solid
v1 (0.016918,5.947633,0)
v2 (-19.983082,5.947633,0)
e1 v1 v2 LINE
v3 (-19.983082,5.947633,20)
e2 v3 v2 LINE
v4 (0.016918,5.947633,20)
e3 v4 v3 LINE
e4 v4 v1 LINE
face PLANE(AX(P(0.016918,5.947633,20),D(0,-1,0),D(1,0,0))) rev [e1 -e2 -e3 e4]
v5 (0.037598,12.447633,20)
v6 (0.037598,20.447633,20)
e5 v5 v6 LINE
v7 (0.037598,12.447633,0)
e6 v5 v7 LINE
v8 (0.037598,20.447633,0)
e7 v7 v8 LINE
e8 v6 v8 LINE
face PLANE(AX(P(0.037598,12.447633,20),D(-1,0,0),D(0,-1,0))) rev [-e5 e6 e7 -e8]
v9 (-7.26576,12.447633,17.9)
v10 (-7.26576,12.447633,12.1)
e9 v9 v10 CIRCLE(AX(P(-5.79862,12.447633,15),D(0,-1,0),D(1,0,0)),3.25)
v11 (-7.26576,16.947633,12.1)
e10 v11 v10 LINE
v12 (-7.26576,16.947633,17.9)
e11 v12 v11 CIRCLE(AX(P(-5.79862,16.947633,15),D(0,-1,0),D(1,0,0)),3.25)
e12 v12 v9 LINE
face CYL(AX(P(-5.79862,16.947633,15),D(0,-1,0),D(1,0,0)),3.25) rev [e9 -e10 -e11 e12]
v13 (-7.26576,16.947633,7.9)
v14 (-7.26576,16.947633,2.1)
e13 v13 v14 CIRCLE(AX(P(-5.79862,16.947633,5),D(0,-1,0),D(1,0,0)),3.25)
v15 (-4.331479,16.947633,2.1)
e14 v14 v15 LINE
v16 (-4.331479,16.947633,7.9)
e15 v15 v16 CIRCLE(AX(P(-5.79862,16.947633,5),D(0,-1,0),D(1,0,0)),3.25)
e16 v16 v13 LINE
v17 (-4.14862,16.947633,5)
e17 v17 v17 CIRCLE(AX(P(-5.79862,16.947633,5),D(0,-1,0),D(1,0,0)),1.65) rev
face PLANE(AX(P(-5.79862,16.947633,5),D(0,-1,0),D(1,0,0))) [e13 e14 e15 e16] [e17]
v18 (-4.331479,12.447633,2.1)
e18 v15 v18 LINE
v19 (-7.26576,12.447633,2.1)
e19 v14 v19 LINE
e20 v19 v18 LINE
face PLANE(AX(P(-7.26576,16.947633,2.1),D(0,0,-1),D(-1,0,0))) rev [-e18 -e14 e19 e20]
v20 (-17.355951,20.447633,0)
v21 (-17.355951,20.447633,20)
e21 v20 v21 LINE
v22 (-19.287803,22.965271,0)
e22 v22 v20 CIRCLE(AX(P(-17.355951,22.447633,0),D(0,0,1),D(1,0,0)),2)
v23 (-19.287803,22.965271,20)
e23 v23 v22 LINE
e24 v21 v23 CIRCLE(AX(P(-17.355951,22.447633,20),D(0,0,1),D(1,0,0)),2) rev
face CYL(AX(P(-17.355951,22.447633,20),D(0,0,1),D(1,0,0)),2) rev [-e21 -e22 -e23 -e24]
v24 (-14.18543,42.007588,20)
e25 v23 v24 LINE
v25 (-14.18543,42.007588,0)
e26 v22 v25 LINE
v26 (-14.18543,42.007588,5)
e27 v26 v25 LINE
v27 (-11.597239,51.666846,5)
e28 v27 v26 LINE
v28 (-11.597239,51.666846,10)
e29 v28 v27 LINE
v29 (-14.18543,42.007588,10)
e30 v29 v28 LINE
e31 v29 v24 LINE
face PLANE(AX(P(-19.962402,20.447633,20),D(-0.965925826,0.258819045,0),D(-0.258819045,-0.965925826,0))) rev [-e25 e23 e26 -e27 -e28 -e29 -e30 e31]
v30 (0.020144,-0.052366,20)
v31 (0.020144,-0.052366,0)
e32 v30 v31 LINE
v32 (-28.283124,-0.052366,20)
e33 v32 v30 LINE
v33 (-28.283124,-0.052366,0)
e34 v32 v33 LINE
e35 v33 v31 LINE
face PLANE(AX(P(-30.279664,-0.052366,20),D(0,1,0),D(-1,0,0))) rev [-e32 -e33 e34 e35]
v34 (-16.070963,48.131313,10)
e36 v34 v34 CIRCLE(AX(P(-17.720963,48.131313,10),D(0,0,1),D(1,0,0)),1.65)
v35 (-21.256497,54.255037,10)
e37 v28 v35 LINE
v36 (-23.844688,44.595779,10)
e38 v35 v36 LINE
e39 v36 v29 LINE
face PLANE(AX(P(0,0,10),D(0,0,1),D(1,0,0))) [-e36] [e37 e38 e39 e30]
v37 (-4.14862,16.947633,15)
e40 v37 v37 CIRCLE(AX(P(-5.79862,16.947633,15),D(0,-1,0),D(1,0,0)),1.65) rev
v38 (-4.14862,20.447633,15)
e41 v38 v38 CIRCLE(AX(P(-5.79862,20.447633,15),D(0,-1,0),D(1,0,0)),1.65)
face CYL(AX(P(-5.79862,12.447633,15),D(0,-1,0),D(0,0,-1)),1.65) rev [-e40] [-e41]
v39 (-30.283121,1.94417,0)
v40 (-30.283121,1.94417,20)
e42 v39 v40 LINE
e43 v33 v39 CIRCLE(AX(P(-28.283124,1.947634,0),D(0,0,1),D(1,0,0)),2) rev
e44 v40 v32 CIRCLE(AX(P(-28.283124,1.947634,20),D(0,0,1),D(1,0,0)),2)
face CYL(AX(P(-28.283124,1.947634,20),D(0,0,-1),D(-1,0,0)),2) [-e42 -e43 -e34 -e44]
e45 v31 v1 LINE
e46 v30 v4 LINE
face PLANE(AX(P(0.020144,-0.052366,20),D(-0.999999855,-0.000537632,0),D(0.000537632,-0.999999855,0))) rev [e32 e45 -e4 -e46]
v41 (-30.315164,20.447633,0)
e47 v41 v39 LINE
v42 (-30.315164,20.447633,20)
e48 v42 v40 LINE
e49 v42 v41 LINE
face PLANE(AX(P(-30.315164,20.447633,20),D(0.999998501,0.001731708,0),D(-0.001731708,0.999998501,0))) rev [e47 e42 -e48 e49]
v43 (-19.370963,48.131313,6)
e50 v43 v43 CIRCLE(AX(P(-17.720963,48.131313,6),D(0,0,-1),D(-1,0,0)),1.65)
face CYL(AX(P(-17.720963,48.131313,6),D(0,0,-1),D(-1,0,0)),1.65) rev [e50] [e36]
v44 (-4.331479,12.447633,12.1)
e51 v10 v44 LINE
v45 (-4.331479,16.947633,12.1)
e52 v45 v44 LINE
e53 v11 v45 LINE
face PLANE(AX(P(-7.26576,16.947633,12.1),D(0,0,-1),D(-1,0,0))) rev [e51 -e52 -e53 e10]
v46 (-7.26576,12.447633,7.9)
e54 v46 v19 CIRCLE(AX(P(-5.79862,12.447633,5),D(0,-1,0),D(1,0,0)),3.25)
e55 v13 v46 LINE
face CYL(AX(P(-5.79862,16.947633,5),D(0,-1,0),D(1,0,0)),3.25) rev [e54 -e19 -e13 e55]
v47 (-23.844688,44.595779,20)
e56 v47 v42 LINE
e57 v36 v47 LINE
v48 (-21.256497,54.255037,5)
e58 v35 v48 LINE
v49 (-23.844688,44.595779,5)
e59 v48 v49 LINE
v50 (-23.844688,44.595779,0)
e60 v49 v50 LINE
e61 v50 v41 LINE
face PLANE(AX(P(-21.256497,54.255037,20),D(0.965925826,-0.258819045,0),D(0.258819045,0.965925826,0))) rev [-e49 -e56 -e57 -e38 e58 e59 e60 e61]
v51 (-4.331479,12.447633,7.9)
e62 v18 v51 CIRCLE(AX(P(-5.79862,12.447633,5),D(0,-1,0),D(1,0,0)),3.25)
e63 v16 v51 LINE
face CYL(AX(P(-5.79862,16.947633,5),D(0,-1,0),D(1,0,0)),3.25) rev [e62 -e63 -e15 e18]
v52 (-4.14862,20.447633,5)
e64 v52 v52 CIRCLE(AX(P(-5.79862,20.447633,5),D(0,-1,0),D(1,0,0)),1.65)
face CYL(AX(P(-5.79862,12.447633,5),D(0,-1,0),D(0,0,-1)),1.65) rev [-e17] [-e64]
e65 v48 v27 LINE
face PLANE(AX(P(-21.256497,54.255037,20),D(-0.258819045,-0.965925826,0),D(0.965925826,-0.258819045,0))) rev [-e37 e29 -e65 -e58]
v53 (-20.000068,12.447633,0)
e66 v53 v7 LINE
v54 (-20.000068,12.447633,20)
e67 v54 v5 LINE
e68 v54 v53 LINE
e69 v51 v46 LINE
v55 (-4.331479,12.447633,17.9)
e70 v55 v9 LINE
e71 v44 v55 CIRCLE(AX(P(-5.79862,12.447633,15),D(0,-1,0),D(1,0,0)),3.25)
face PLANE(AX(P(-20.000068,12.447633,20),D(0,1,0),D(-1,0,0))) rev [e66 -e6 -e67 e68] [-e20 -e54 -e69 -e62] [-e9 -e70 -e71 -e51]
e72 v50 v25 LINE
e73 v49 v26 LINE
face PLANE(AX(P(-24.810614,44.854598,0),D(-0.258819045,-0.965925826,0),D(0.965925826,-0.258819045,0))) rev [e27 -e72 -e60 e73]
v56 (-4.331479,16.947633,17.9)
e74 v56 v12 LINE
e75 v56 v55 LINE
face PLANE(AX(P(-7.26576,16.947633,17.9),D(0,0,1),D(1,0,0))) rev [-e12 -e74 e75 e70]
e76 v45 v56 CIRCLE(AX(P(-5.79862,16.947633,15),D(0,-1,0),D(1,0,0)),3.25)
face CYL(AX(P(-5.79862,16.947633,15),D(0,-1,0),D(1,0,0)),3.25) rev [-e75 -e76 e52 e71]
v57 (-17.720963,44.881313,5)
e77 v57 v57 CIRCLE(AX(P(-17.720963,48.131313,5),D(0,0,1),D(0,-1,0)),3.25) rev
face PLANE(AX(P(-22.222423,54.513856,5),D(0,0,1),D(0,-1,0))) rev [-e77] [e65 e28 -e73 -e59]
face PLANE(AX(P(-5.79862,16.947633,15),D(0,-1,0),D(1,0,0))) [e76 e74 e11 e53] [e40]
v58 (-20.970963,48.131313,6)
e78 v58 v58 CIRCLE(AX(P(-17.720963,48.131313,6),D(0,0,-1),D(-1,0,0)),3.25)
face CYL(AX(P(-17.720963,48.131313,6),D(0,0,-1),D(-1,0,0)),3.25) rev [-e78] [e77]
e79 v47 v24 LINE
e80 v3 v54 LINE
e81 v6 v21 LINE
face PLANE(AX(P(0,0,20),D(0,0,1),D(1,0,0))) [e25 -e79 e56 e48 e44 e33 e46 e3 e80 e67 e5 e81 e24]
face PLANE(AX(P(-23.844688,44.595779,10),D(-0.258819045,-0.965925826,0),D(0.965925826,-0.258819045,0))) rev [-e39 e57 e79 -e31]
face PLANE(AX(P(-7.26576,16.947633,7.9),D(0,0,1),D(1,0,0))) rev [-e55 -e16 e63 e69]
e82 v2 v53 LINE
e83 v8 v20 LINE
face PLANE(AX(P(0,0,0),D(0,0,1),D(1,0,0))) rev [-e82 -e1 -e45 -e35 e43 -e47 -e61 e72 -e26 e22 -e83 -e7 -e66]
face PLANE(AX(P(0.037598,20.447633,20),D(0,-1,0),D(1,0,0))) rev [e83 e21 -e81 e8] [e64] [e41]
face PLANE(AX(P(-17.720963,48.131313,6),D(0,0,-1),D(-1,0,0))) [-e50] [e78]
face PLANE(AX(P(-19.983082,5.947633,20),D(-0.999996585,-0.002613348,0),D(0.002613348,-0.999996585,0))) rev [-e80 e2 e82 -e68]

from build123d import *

# Parameters (mm, degrees)
EXTRUDE_1_DEPTH             = 20
FILLET_1_R                  = 2
FILLET_2_R                  = 2
CUT_EXTRUDE_2_DEPTH         = 10
SKETCH_34_R                 = 3.25
CUT_EXTRUDE_3_DEPTH         = 6
HOLE_WIZARD_M4_2_D          = 3.3
HOLE_WIZARD_M4_2_DEPTH      = 4
SKETCH_38_W                 = 5
SKETCH_38_H                 = 10
CUT_EXTRUDE_4_DEPTH         = 11
SKETCH_40_W                 = 1.65
SKETCH_40_H                 = 8
HOLE_WIZARD_M4_3_AT_2_COUNT = 2
HOLE_WIZARD_M4_3_AT_2_PITCH = 10
CUT_EXTRUDE_5_DEPTH         = 4.5


with BuildPart() as part:
    # 草图1 → 凸台-拉伸1 (new body)
    with BuildSketch(Plane.XY):
        Polygon((0.020144186, -0.052366179), (0.016918395, 5.947632954), (-19.983081605, 5.947632954), (-20.000068427, 12.447632954), (0.03759791, 12.447632954), (0.03759791, 20.447632954), (-19.96240209, 20.447632954), (-11.597239053, 51.666846423), (-21.256497316, 54.255036874), (-30.315163894, 20.447632954), (-30.279663837, -0.052366179), align=None)
    extrude(amount=EXTRUDE_1_DEPTH)

    # 圆角1
    fillet_1_edges = [part.edges().sort_by_distance(p)[0] for p in [
        (-19.96240209, 20.447632954, 10),
    ]]
    fillet(fillet_1_edges, radius=FILLET_1_R)

    # 圆角2
    fillet_2_edges = [part.edges().sort_by_distance(p)[0] for p in [
        (-30.279663837, -0.052366179, 10),
    ]]
    fillet(fillet_2_edges, radius=FILLET_2_R)

    # 草图33 → 切除-拉伸2 (cut)
    with BuildSketch(Plane.XY.offset(20)):
        Polygon((-21.256497316, 54.255036874), (-11.597239053, 51.666846423), (-14.185429504, 42.00758816), (-23.844687767, 44.595778611), align=None)
    extrude(amount=-CUT_EXTRUDE_2_DEPTH, mode=Mode.SUBTRACT)

    # 草图34 → 切除-拉伸3 (cut)
    with BuildSketch(Plane(origin=(0, 0, 0), x_dir=(-1, 0, 0), z_dir=(0, 0, -1))):
        with Locations((17.72096341, 48.131312517)):
            Circle(SKETCH_34_R)
    extrude(amount=-CUT_EXTRUDE_3_DEPTH, mode=Mode.SUBTRACT)

    # M4 螺纹孔的螺纹孔钻头2
    with Locations(Plane(origin=(0, 0, 6), x_dir=(-1, 0, 0), z_dir=(0, 0, -1))):
        with Locations((17.72096341, 48.131312517)):
            Hole(HOLE_WIZARD_M4_2_D / 2, depth=HOLE_WIZARD_M4_2_DEPTH)

    # 草图38 → 切除-拉伸4 (cut)
    with BuildSketch(Plane(origin=(-23.737082949, 6.360332207, 0), x_dir=(0, 0, -1), z_dir=(0.965925826, -0.258819045, 0))):
        with Locations((-2.5, 41.904754985)):
            Rectangle(SKETCH_38_W, SKETCH_38_H)
    extrude(amount=-CUT_EXTRUDE_4_DEPTH, mode=Mode.SUBTRACT)

    # 草图40 → M4 螺纹孔的螺纹孔钻头3 (revolve, cut)
    with BuildSketch(Plane(origin=(-5.798619526, 12.447632954, 5), x_dir=(0, 0, -1), z_dir=(1, 0, 0))):
        with Locations((0.825, 4)):
            Rectangle(SKETCH_40_W, SKETCH_40_H)
    hole_wizard_m4_3 = revolve(axis=Axis((-5.798619526, 6.097632954, 5), (0, 1, 0)), mode=Mode.SUBTRACT)

    # M4 螺纹孔的螺纹孔钻头3 at 2: M4 螺纹孔的螺纹孔钻头3 ×2
    with Locations(*[(0, 0, i * HOLE_WIZARD_M4_3_AT_2_PITCH) for i in range(1, HOLE_WIZARD_M4_3_AT_2_COUNT)]):
        add(hole_wizard_m4_3, mode=Mode.SUBTRACT)

    # 草图41 → 切除-拉伸5 (cut)
    with BuildSketch(Plane.XZ.offset(-12.447632954)):
        with BuildLine():
            Line((-7.265759602, 12.1), (-4.331479451, 12.1))
            ThreePointArc((-4.331479451, 12.1), (-2.548619526, 15), (-4.331479451, 17.9))
            Line((-4.331479451, 17.9), (-7.265759602, 17.9))
            ThreePointArc((-7.265759602, 17.9), (-9.048619526, 15), (-7.265759602, 12.1))
        make_face()
        with BuildLine():
            Line((-7.265759602, 2.1), (-4.331479451, 2.1))
            ThreePointArc((-4.331479451, 2.1), (-2.548619526, 5), (-4.331479451, 7.9))
            Line((-4.331479451, 7.9), (-7.265759602, 7.9))
            ThreePointArc((-7.265759602, 7.9), (-9.048619526, 5), (-7.265759602, 2.1))
        make_face()
    extrude(amount=-CUT_EXTRUDE_5_DEPTH, mode=Mode.SUBTRACT)


solid = part.part
